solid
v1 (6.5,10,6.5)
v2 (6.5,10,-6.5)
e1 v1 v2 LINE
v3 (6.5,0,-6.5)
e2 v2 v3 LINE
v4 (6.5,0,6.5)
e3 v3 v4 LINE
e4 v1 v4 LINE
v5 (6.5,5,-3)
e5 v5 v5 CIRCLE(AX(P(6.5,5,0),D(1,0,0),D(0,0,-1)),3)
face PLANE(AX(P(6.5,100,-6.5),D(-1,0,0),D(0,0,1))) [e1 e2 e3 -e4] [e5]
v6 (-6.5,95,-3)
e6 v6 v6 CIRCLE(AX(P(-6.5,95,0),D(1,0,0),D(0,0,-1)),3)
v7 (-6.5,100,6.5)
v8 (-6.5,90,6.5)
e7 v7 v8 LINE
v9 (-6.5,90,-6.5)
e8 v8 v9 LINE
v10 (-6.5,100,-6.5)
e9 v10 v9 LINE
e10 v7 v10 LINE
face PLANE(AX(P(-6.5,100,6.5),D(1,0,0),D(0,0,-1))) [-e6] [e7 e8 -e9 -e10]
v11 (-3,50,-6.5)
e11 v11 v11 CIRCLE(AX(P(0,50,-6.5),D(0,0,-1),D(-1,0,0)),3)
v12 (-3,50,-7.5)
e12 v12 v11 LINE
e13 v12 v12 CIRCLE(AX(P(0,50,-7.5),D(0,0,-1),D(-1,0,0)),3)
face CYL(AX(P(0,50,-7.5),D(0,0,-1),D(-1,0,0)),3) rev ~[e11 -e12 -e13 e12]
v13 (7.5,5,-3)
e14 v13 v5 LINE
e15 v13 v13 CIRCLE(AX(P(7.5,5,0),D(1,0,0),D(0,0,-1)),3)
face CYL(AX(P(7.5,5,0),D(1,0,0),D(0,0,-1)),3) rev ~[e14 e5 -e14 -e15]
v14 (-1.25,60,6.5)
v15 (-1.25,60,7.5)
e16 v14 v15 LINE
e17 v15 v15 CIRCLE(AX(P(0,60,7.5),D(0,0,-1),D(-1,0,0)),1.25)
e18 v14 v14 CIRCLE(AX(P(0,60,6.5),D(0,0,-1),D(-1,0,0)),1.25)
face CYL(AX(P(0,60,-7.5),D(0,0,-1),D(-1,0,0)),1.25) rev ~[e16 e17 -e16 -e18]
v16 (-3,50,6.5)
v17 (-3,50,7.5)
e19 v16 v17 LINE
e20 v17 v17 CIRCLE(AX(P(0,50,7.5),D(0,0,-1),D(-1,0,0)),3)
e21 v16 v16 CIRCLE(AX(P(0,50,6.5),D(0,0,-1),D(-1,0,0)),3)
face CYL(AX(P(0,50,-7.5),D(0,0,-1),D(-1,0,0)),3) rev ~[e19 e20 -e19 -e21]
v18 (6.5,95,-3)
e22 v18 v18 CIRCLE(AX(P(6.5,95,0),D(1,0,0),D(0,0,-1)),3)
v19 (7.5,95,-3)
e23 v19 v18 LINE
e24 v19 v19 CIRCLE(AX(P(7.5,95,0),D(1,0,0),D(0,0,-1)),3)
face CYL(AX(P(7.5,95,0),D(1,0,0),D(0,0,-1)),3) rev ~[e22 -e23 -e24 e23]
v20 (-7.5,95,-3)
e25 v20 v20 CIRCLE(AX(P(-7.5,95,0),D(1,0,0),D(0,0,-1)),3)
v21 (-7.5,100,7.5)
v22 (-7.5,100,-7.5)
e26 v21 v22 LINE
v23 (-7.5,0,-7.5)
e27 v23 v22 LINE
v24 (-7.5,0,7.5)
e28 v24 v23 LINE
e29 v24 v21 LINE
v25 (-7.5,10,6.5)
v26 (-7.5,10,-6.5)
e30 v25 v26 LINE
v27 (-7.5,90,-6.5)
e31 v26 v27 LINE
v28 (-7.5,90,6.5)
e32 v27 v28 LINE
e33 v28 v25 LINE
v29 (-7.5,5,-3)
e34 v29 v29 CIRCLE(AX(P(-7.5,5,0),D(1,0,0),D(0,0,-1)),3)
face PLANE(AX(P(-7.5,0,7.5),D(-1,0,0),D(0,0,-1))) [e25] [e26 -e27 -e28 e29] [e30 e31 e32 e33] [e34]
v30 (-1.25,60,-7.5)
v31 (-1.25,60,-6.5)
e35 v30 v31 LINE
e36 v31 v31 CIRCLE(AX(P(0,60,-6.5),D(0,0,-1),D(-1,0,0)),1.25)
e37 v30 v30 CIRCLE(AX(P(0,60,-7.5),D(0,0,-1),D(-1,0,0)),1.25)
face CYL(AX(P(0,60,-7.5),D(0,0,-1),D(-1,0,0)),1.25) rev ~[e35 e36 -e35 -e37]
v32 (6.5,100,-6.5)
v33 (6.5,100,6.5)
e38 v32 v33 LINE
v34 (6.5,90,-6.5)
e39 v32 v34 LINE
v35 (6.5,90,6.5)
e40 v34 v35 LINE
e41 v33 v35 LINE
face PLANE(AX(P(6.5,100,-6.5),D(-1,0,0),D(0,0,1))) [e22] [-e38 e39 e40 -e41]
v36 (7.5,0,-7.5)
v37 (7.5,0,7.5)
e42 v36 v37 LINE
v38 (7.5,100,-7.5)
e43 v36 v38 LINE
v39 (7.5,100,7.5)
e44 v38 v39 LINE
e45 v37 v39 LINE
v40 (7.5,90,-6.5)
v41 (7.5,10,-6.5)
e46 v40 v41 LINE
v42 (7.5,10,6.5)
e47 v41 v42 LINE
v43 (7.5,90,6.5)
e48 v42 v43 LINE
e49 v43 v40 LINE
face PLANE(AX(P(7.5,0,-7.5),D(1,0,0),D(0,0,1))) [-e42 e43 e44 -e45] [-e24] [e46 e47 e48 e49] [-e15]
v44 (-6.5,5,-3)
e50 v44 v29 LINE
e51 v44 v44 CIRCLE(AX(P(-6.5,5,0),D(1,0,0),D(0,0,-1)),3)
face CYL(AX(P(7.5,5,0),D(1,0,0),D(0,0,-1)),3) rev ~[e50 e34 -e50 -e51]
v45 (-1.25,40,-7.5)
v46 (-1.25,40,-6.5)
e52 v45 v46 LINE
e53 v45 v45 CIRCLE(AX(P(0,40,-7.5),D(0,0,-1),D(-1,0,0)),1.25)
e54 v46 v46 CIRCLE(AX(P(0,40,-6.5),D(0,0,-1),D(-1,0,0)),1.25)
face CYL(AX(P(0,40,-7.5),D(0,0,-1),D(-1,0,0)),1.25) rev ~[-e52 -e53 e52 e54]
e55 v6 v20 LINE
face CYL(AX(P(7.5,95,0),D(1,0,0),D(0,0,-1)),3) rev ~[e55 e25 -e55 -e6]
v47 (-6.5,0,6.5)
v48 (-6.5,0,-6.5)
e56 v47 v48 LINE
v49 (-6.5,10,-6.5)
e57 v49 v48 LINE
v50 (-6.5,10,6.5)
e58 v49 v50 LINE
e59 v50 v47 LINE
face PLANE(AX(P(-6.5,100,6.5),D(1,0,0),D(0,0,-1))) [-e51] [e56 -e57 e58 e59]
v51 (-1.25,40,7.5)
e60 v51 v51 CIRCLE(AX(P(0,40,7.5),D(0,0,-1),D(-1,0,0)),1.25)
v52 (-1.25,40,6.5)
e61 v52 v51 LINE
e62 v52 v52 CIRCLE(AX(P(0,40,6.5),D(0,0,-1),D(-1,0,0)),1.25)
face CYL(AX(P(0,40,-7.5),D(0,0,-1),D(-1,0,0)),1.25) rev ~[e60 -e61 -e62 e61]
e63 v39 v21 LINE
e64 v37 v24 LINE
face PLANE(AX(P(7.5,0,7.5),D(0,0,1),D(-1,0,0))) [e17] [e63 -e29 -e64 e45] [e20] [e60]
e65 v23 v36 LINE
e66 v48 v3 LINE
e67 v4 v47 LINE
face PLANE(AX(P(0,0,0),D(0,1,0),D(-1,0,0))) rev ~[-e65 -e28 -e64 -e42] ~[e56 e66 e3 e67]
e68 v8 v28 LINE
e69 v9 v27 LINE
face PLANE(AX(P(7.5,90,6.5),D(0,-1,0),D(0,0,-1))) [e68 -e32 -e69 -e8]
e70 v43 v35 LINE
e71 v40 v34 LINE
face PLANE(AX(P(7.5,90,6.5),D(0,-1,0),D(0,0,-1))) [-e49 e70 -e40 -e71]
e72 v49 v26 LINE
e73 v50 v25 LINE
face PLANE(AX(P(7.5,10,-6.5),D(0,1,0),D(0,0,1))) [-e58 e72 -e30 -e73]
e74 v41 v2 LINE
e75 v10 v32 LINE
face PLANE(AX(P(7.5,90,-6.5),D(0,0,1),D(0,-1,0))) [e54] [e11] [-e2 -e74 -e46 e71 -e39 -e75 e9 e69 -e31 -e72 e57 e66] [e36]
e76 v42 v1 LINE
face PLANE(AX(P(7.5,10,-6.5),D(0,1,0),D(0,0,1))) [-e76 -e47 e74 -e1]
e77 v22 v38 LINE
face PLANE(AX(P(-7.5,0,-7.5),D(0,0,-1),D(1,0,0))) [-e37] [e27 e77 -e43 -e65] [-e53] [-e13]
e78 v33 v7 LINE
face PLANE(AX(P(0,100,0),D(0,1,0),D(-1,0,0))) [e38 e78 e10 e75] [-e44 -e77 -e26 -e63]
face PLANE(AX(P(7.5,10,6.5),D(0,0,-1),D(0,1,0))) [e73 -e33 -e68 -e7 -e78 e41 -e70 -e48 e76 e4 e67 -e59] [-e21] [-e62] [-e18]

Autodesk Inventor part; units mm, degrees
ref_plane "YZ Plane" through (0, 0, 0) normal (1, 0, 0) x (0, 1, 0)
ref_plane "XZ Plane" through (0, 0, 0) normal (0, 1, 0) x (-1, 0, 0)
ref_plane "XY Plane" through (0, 0, 0) normal (0, 0, 1) x (1, 0, 0)
sketch "Esquisse1" plane through (0, 0, 0) normal (0, 1, 0) x (-1, 0, 0)
  line L0 (-7.5, 7.5) -> (7.5, 7.5)
  line L1 (7.5, 7.5) -> (7.5, -7.5)
  line L2 (7.5, -7.5) -> (-7.5, -7.5)
  line L3 (-7.5, -7.5) -> (-7.5, 7.5)
  point P0 (0, 0)
  dimension "d0" = 15
  dimension "d1" = 15
  dimension "d2" = 7.5
  dimension "d3" = 7.5
extrude "Extrusion1" add sketch "Esquisse1" along normal blind 100
sketch "Esquisse2" plane through (0, 100, 0) normal (0, 1, 0) x (1, 0, 0)
  line L0 (-7.5, -7.5) -> (7.5, -7.5) projected
  line L1 (7.5, -7.5) -> (7.5, 7.5) projected
  line L2 (7.5, 7.5) -> (-7.5, 7.5) projected
  line L3 (-7.5, 7.5) -> (-7.5, -7.5) projected
  line L4 (-6.5, 6.5) -> (6.5, 6.5)
  line L5 (6.5, 6.5) -> (6.5, -6.5)
  line L6 (6.5, -6.5) -> (-6.5, -6.5)
  line L7 (-6.5, -6.5) -> (-6.5, 6.5)
  point P0 (0, 0)
  dimension "d6" = 1
  dimension "d7" = 1
  dimension "d8" = 1
  dimension "d9" = 1
extrude "Extrusion2" cut sketch "Esquisse2" against normal through all contours L4 L5 L6 L7
sketch "Esquisse3" plane through (7.5, 0, 7.5) normal (1, 0, 0) x (0, 0, -1)
  line L0 (15, 0) -> (0, 0) projected
  line L1 (15, 0) -> (15, 100) projected
  line L2 (0, 0) -> (0, 100) projected
  line L3 (1, 90) -> (14, 90)
  line L4 (14, 90) -> (14, 10)
  line L5 (14, 10) -> (1, 10)
  line L6 (1, 10) -> (1, 90)
  line L7 (1, 50) -> (14, 50) construction
  point P0 (7.5, 0)
  dimension "d12" = 80
  dimension "d13" = 1
  dimension "d14" = 1
  dimension "d15" = 100
  dimension "d16" = 50
extrude "Extrusion3" cut sketch "Esquisse3" against normal through all
sketch "Esquisse4" plane through (7.5, 0, 7.5) normal (1, 0, 0) x (0, 0, -1)
  line L0 (1, 10) -> (1, 90) projected
  line L1 (1, 90) -> (14, 90) projected
  line L2 (14, 90) -> (14, 10) projected
  line L3 (15, 0) -> (15, 100) projected
  line L4 (0, 0) -> (0, 100) projected
  line L5 (0, 90) -> (15, 90) construction
  line L6 (0, 90) -> (15, 100) construction
  line L7 (0, 100) -> (15, 90) construction
  circle A0 centre (7.5, 95) radius 3
  line L8 (1, 50) -> (14, 50) construction
  circle A1 centre (7.5, 5) radius 3
  point P0 (7.5, 0)
  dimension "d19" = 6
extrude "Extrusion4" cut sketch "Esquisse4" against normal through all
sketch "Esquisse5" plane through (7.5, 0, -7.5) normal (0, 0, -1) x (-1, 0, 0)
  line L0 (15, 0) -> (0, 0) projected
  line L1 (0, 100) -> (15, 100) projected
  line L2 (0, 0) -> (0, 100) projected
  circle A0 centre (7.5, 50) radius 3
  circle A1 centre (7.5, 40) radius 1.25
  circle A2 centre (7.5, 60) radius 1.25
  line L3 (7.5, 50) -> (0, 50) construction
  line L4 (7.5, 50) -> (7.5, 100) construction
  point P0 (7.5, 0)
  dimension "d22" = 6
  dimension "d23" = 100
  dimension "d24" = 50
  dimension "d25" = 7.5
  dimension "d26" = 10
  dimension "d27" = 2.5
extrude "Extrusion5" cut sketch "Esquisse5" against normal through all
equation "\"d2\" = 0.5 * d1"
equation "\"d3\" = d2"
equation "\"d16\" = 0.5 * d15"
properties part number "encoder_wheel_support"
